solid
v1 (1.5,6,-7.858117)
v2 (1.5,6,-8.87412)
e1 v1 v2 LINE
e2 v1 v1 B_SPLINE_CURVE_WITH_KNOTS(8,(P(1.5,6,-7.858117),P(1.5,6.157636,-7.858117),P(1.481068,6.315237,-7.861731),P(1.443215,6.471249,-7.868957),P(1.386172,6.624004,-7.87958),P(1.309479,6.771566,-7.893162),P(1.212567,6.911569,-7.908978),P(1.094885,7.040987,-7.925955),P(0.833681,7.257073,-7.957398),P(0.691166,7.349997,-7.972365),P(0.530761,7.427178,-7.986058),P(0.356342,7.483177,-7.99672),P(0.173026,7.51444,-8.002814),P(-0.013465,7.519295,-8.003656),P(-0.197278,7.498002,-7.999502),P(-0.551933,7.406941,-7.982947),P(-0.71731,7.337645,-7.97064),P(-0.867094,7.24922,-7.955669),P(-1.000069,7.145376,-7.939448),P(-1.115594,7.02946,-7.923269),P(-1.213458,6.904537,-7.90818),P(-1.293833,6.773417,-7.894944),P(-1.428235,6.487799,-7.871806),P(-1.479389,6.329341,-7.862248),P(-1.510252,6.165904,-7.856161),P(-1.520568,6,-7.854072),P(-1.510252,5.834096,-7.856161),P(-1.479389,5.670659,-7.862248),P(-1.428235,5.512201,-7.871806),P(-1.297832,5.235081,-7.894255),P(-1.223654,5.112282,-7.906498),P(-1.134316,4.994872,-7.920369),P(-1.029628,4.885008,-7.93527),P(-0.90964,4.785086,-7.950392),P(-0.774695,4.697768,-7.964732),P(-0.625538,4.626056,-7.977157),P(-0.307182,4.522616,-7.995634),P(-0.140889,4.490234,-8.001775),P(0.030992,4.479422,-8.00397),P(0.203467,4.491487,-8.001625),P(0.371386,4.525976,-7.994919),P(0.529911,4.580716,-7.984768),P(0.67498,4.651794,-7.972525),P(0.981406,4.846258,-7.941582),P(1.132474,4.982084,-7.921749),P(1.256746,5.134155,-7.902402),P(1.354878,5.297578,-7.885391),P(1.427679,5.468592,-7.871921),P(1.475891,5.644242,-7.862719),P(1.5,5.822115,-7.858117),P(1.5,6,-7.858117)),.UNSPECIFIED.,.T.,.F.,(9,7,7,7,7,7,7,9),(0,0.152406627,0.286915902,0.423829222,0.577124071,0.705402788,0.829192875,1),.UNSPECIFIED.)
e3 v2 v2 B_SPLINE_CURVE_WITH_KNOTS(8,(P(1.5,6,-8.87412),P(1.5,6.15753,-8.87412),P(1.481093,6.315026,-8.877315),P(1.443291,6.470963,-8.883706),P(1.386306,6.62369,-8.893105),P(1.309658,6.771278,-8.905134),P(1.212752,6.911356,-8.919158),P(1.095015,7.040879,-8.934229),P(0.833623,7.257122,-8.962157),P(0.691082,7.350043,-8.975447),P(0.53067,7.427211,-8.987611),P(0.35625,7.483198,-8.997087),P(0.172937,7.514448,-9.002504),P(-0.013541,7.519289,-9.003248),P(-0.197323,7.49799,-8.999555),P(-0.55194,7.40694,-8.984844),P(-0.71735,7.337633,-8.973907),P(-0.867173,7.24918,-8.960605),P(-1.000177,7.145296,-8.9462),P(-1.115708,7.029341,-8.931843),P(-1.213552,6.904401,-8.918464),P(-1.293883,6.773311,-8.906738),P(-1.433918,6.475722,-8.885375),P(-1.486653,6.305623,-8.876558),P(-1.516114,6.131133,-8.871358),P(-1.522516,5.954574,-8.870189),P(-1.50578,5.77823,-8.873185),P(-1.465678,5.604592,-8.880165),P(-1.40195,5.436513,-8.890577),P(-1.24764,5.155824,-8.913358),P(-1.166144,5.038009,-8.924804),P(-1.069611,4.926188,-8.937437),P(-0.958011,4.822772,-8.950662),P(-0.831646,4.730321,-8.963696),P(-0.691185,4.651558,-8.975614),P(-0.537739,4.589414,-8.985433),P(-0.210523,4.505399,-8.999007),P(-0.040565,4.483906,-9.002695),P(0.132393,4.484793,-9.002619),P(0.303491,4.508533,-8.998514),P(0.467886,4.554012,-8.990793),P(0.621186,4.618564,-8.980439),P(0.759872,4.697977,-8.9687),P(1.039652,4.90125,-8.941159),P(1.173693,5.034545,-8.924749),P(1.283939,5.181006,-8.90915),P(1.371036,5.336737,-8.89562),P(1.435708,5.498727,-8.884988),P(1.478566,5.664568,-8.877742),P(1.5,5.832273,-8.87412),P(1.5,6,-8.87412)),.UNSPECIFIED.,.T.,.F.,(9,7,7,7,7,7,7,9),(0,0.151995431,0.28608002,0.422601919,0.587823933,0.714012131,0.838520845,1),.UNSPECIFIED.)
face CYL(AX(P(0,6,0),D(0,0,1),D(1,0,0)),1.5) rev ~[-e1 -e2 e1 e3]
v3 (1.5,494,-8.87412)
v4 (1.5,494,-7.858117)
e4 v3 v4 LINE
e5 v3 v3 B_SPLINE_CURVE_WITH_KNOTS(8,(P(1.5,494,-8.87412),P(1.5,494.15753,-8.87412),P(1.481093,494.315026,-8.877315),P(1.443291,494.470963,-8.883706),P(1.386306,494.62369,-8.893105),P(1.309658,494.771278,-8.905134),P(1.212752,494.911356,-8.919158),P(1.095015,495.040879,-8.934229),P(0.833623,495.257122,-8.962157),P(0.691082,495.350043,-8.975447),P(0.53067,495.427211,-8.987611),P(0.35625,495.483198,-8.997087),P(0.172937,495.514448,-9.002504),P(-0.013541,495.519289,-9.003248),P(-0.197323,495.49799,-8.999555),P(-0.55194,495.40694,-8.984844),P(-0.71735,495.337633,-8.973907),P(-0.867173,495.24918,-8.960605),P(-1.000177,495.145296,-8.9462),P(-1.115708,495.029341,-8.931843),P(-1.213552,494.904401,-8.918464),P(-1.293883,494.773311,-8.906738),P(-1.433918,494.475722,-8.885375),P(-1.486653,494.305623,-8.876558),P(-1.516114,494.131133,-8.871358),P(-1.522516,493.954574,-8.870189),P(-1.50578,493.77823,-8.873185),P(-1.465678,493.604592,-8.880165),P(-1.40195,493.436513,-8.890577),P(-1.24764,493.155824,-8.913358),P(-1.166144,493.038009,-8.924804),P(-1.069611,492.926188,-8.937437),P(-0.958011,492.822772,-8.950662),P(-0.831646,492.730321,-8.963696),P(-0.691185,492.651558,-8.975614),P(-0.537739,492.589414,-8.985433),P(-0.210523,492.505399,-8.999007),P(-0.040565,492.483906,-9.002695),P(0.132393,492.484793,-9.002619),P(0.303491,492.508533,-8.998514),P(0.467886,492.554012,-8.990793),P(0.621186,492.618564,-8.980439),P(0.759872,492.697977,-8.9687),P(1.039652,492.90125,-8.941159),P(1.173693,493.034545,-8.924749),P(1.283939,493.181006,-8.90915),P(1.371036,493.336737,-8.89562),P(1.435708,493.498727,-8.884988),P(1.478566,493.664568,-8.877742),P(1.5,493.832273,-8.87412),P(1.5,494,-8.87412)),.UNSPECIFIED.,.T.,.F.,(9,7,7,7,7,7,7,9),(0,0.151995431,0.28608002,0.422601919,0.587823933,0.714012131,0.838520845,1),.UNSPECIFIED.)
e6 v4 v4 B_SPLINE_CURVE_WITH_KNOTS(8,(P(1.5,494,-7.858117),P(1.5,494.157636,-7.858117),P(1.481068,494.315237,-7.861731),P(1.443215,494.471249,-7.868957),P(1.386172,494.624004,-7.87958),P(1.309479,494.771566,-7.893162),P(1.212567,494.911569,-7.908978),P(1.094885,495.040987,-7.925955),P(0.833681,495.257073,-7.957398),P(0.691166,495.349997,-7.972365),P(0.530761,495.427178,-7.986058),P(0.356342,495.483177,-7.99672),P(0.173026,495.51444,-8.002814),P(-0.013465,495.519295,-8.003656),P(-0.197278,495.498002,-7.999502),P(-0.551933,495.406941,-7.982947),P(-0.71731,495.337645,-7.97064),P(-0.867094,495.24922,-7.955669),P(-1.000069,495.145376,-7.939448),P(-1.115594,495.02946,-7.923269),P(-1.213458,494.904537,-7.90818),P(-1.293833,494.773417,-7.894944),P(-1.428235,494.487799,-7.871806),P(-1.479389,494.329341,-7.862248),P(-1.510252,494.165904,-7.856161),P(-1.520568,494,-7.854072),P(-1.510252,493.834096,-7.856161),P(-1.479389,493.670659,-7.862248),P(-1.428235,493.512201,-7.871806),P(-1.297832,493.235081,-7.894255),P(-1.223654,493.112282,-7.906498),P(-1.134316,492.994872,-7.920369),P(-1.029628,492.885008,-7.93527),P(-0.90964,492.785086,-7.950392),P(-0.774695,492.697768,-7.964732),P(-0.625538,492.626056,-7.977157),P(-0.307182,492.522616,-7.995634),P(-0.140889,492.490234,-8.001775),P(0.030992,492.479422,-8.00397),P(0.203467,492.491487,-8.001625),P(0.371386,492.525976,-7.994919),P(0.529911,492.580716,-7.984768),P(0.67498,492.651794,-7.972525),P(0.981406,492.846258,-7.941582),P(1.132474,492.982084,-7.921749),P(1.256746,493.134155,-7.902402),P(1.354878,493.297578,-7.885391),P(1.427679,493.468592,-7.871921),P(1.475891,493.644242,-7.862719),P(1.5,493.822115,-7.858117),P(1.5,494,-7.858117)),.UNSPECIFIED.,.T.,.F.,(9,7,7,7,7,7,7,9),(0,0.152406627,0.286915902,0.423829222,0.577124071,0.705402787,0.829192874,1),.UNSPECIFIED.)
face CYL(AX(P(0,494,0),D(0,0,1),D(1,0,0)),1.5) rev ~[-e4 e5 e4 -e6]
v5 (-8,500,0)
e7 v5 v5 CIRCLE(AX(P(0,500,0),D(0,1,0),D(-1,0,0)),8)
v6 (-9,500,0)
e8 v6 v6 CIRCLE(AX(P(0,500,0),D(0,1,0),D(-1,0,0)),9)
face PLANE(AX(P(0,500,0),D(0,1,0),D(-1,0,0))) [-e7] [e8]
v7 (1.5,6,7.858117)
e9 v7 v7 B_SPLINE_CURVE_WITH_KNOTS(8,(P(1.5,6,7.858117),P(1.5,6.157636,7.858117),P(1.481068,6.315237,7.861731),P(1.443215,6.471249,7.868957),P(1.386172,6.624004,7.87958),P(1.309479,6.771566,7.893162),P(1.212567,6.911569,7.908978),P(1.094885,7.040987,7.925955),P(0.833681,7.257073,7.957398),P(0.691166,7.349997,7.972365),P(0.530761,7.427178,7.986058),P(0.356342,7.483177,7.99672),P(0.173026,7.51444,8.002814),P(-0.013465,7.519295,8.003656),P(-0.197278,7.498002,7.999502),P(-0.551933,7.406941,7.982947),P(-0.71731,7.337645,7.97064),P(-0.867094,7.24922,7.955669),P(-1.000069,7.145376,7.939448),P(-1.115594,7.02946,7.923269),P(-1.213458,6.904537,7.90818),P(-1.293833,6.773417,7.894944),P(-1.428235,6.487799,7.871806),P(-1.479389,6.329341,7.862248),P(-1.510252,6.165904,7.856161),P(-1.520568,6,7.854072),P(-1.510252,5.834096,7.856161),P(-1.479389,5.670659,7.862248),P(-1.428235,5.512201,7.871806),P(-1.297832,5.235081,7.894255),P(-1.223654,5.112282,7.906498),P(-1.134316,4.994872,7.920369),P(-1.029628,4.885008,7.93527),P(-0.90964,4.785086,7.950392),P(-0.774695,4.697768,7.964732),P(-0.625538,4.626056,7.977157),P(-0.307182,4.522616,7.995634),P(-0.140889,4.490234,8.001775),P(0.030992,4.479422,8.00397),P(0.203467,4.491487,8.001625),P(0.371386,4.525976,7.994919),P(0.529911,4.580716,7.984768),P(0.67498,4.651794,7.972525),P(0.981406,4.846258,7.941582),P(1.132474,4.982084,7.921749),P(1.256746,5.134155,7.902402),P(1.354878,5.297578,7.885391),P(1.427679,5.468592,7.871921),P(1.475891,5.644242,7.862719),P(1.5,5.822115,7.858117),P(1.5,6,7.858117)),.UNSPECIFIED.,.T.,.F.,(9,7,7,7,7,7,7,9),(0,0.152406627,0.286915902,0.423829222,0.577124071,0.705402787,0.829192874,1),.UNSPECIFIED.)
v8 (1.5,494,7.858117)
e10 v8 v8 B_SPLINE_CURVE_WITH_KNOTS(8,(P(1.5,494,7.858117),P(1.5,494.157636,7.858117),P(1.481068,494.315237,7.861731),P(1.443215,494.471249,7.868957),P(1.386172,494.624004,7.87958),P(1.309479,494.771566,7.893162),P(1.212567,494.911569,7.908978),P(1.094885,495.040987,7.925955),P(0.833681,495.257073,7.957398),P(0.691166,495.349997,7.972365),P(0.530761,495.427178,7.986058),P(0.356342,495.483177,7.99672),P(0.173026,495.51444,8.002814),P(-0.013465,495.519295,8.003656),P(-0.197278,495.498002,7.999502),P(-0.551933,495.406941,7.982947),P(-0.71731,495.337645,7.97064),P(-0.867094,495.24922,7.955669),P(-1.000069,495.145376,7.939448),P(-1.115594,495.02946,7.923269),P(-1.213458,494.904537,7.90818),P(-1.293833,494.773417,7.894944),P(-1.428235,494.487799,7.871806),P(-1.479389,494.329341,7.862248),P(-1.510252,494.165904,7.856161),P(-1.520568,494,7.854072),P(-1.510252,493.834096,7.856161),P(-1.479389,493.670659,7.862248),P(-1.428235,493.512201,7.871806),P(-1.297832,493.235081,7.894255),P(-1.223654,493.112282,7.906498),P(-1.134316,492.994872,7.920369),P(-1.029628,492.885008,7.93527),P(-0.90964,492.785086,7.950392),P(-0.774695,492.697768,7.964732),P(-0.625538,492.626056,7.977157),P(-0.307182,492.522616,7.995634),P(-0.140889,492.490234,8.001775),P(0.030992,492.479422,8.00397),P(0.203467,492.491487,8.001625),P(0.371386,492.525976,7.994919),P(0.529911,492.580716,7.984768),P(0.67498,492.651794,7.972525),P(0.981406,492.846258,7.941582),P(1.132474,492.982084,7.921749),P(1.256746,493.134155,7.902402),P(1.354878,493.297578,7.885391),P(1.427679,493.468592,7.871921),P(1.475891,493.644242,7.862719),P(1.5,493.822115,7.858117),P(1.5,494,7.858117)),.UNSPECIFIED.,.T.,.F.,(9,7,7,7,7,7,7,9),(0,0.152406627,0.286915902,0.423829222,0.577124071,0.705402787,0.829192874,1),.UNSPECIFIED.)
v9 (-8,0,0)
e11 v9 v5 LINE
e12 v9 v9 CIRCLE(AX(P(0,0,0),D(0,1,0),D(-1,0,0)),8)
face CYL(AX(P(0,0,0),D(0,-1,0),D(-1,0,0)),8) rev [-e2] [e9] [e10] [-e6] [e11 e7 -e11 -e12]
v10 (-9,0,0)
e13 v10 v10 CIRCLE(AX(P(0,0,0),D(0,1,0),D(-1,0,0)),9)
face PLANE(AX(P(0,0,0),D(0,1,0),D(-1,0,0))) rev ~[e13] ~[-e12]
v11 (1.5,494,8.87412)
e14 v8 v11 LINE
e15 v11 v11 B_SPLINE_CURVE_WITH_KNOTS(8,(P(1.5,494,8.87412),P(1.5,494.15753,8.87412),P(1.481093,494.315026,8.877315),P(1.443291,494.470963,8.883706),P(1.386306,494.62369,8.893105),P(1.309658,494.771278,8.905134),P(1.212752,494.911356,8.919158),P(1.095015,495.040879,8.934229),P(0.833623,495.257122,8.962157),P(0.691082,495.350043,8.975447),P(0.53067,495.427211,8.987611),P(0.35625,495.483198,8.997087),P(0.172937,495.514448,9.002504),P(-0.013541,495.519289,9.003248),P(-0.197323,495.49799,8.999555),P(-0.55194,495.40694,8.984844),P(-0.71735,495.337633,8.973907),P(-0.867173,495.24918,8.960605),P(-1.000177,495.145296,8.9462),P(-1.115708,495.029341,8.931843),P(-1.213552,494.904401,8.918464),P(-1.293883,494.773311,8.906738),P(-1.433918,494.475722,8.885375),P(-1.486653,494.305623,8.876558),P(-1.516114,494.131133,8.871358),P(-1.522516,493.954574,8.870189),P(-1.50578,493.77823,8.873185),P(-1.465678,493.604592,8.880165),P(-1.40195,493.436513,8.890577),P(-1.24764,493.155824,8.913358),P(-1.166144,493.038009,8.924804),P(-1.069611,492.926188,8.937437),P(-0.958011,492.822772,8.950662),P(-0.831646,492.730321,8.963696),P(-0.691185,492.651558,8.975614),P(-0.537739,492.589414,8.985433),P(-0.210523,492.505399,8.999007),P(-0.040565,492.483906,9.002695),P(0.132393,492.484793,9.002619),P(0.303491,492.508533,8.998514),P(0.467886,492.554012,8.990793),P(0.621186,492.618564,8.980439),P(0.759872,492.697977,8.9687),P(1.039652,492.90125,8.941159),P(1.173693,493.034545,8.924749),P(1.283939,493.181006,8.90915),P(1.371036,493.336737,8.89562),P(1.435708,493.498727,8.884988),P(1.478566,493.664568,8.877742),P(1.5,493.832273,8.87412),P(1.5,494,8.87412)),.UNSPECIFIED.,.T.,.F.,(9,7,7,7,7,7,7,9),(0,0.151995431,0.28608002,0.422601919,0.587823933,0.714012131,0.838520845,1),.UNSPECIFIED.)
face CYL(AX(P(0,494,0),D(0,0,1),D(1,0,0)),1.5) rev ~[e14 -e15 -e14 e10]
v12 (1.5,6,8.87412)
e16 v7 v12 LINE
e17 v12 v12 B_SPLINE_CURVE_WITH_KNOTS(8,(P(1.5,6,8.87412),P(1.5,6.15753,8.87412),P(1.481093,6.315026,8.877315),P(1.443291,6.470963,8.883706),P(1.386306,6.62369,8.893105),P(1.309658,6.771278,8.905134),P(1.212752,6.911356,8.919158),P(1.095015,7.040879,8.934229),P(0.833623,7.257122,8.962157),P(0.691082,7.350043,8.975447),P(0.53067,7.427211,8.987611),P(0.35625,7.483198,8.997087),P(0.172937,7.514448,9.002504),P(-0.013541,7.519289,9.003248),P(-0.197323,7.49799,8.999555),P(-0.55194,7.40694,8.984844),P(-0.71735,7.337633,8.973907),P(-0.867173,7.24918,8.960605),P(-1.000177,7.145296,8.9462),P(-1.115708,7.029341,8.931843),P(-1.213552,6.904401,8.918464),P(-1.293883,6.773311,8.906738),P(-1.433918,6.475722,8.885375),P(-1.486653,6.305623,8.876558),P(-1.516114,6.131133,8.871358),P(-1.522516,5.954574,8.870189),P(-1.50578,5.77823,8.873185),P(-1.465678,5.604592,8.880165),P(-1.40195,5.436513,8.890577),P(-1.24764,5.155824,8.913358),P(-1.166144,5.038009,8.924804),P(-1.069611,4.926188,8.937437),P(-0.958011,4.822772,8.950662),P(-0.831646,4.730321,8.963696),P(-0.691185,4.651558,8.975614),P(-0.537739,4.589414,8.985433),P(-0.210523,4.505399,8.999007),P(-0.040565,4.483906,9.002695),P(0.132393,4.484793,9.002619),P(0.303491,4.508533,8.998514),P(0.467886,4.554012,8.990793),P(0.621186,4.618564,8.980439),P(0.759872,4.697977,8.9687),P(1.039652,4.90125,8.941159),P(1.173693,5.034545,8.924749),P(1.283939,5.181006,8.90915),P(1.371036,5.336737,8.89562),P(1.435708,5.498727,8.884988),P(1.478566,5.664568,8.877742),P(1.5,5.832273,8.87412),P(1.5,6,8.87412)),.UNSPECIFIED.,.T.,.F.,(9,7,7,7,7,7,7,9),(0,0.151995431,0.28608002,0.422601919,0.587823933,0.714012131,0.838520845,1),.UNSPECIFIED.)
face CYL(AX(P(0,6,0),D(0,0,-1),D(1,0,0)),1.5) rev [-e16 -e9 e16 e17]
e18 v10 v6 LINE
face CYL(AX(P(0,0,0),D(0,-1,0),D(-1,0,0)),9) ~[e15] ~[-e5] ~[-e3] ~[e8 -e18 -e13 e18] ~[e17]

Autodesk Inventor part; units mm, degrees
ref_plane "YZ Plane" through (0, 0, 0) normal (1, 0, 0) x (0, 1, 0)
ref_plane "XZ Plane" through (0, 0, 0) normal (0, 1, 0) x (-1, 0, 0)
ref_plane "XY Plane" through (0, 0, 0) normal (0, 0, 1) x (1, 0, 0)
sketch "Sketch2" plane through (0, 0, 0) normal (0, 1, 0) x (-1, 0, 0)
  circle A0 centre (0, 0) radius 9
  circle A1 centre (0, 0) radius 8
  dimension "d91" = 18
  dimension "d92" = 16
extrude "Extrusion5" add sketch "Sketch2" along normal blind 500
sketch "Sketch3" plane through (0, 0, 0) normal (0, 0, 1) x (1, 0, 0)
  line L0 (0, 0) -> (0, 6) construction
  circle A0 centre (0, 6) radius 1.5
  line L1 (9, 500) -> (-9, 500) projected
  line L2 (0, 500) -> (0, 494)
  circle A1 centre (0, 494) radius 1.5
  dimension "d95" = 6
  dimension "d96" = 3
  dimension "d97" = 6
  dimension "d98" = 3
extrude "Extrusion6" cut sketch "Sketch3" along normal blind 10 and the other way blind 10
properties part number "airfoil"
